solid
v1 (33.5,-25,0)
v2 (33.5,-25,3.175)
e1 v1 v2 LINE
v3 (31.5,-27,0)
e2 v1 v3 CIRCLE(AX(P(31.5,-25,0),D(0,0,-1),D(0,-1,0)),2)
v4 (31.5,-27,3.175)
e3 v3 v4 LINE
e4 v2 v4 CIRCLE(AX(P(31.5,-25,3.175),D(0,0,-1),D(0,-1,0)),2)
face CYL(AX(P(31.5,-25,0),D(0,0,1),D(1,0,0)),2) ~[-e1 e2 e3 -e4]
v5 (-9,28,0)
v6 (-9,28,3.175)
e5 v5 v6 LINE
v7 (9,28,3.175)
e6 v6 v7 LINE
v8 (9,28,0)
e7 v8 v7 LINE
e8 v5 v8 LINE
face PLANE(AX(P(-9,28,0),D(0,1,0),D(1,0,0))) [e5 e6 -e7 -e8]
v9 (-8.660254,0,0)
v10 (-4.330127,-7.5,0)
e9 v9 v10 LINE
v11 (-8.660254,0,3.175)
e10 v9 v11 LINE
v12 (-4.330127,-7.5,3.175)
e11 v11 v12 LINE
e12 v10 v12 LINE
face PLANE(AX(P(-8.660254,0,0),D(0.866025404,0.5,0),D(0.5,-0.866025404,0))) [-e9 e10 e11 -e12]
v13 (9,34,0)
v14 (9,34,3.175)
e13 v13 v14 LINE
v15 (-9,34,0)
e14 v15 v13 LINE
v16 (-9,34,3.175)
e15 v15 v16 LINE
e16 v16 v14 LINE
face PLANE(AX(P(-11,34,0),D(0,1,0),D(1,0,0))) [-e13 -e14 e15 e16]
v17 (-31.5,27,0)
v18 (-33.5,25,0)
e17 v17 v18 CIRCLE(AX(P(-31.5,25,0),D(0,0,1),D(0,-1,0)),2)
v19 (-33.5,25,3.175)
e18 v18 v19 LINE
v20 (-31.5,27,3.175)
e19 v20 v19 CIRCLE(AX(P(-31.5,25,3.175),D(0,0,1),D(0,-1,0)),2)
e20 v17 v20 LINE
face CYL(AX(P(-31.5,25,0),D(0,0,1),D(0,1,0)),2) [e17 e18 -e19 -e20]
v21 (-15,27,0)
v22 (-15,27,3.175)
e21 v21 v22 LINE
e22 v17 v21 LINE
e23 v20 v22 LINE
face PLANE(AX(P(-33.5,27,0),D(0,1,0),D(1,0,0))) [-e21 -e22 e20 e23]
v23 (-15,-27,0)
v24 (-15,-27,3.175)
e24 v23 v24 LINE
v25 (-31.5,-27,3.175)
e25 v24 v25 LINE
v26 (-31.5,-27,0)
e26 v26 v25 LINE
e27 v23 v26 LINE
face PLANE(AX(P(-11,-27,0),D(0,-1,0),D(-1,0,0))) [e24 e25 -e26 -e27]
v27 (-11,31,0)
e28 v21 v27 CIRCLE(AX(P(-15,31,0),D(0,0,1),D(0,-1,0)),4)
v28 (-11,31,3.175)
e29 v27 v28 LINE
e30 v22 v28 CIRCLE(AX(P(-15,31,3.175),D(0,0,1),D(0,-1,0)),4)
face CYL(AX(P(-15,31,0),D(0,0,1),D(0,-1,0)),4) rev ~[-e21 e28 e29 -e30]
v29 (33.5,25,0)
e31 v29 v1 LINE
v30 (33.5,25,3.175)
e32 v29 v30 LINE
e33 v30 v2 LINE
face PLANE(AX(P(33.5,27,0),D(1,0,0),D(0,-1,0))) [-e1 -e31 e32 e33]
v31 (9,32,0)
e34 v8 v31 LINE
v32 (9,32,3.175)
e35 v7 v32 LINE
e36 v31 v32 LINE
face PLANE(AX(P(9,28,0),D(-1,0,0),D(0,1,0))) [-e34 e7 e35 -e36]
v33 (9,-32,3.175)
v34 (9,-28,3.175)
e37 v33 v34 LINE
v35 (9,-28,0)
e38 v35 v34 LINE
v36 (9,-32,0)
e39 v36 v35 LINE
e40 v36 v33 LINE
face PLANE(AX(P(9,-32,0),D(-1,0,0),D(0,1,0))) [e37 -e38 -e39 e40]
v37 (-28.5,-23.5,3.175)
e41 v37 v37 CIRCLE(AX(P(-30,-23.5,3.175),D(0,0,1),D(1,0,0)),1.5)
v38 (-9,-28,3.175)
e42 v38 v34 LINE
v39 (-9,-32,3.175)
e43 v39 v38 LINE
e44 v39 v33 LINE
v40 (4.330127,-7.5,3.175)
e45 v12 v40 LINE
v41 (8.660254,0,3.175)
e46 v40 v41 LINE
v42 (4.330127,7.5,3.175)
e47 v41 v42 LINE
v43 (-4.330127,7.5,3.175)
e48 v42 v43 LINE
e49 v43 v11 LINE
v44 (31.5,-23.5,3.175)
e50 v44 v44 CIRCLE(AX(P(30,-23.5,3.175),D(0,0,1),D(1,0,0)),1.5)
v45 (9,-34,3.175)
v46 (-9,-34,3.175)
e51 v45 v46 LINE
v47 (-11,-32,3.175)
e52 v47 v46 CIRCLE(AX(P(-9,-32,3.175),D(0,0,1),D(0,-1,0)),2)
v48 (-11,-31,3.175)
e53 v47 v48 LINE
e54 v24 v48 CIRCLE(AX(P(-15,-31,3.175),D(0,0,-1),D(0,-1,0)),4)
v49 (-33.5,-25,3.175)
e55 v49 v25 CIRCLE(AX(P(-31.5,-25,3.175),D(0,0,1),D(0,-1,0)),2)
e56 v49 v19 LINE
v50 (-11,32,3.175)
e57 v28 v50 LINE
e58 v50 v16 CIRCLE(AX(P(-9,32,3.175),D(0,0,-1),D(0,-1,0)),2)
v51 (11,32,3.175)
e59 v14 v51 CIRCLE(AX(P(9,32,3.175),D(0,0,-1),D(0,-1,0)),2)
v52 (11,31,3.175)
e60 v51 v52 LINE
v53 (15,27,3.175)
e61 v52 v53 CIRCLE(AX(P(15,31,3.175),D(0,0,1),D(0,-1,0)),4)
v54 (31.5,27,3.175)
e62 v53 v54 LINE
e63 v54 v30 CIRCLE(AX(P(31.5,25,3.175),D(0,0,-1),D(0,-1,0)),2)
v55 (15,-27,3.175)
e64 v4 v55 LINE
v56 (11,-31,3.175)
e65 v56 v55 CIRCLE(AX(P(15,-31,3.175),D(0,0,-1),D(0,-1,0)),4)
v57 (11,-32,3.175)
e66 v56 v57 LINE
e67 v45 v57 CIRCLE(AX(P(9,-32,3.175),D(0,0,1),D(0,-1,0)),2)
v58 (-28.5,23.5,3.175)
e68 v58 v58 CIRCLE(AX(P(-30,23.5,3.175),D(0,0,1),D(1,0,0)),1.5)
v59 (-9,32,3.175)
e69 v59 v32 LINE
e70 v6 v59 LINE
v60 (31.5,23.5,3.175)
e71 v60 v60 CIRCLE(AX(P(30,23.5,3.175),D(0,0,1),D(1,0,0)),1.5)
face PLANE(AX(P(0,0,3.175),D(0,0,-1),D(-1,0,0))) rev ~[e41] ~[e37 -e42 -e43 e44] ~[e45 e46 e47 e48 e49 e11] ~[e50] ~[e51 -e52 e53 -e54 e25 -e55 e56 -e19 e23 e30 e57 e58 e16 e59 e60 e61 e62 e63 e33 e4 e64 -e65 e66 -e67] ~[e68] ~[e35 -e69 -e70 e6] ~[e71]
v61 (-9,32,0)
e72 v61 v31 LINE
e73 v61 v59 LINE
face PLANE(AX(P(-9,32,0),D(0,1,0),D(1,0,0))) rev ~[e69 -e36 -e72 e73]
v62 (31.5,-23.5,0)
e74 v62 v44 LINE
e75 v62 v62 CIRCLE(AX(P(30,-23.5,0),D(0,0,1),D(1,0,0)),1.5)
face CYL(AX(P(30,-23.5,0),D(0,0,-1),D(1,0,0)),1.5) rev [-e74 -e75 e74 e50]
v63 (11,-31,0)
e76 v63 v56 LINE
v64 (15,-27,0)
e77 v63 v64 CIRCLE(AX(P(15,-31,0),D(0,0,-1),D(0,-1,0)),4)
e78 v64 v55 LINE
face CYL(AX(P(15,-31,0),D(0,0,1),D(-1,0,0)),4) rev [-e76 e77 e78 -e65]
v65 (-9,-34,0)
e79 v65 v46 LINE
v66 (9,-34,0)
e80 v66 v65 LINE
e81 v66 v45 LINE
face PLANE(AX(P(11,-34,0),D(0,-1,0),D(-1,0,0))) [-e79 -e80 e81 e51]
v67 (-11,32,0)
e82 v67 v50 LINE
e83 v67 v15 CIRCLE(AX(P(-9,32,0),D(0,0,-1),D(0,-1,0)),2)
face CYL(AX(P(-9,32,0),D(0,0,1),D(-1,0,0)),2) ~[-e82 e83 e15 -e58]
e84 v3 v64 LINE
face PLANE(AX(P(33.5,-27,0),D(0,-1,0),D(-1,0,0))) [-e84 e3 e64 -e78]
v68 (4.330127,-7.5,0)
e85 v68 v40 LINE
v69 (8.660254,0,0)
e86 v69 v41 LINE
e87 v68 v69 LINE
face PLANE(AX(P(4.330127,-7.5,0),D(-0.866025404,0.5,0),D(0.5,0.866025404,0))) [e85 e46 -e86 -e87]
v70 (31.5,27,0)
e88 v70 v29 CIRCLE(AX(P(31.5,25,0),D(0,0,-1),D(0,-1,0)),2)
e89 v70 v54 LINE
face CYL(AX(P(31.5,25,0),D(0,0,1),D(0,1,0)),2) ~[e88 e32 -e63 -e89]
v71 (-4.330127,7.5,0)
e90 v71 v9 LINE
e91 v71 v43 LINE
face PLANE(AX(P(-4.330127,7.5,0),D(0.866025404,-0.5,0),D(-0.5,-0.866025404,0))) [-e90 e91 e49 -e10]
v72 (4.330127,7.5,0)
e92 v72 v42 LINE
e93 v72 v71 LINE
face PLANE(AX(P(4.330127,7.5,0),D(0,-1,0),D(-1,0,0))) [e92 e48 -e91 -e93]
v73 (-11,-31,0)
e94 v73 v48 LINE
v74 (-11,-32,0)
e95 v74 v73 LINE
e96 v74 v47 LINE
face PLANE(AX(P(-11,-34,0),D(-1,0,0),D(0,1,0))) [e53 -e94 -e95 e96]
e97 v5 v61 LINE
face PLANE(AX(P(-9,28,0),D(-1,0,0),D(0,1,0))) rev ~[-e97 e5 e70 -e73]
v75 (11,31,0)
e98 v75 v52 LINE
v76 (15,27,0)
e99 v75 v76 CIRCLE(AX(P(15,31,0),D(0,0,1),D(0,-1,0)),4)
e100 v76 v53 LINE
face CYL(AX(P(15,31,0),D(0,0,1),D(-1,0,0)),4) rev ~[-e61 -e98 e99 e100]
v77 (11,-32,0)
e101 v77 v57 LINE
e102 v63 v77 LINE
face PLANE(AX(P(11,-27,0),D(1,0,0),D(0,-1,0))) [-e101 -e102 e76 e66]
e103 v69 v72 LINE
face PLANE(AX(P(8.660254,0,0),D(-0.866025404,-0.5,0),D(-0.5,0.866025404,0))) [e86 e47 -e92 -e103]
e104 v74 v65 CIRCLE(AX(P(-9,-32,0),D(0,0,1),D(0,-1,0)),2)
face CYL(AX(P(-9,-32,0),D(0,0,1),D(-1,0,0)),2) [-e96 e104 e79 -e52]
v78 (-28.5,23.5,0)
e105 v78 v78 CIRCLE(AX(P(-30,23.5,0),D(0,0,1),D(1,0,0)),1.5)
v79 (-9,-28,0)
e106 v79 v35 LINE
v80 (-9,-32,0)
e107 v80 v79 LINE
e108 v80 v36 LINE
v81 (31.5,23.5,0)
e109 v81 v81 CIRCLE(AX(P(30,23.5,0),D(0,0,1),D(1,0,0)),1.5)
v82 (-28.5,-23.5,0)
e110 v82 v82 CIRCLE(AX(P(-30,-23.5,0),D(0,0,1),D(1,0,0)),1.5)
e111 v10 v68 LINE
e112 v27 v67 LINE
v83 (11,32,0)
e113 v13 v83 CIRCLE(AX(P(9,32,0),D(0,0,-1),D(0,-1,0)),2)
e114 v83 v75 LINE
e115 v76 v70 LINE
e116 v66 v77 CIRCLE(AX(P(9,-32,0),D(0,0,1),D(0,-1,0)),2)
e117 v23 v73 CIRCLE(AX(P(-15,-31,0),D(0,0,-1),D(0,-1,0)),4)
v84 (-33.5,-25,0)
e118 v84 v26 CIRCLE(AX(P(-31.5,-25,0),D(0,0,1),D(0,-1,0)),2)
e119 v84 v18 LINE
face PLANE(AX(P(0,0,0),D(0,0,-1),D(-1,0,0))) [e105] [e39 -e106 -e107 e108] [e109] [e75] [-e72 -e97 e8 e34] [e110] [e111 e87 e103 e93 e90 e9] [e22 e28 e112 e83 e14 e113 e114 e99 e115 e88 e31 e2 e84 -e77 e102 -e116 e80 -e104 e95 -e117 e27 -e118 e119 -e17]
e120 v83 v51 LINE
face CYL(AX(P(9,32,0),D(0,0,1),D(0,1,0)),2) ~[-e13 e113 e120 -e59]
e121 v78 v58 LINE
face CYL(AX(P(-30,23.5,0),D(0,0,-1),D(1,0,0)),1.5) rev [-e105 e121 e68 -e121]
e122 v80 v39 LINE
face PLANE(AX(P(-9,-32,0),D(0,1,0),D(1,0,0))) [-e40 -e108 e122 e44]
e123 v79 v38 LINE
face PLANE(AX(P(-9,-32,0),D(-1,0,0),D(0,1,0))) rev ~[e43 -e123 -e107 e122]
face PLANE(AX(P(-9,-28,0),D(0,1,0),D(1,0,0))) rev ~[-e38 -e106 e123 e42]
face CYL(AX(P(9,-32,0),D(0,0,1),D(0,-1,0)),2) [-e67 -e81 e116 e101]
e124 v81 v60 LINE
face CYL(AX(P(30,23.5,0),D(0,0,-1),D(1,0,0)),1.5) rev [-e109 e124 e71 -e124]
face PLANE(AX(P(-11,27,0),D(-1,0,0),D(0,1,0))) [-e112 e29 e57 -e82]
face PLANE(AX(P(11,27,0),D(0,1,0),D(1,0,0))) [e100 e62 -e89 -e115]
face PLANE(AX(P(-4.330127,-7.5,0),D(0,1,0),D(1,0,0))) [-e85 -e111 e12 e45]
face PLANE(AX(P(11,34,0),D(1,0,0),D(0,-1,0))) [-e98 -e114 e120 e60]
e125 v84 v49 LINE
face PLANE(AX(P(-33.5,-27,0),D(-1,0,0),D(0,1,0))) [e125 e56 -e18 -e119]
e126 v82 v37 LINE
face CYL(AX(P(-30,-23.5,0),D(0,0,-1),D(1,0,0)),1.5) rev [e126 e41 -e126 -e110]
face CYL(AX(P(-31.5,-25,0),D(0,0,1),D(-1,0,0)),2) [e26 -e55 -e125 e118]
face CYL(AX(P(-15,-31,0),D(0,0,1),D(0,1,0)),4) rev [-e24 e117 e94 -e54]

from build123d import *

# Parameters (mm, degrees)
SKETCH1_R           = 1.5
SKETCH1_W           = 18
SKETCH1_H           = 4
BOSS_EXTRUDE1_DEPTH = 3.175
FILLET1_R           = 4
FILLET2_R           = 2


with BuildPart() as part:
    # Sketch1 → Boss-Extrude1 (new body)
    with BuildSketch(Plane.XY):
        Polygon((-33.5, 27), (-11, 27), (-11, 34), (11, 34), (11, 27), (33.5, 27), (33.5, -27), (11, -27), (11, -34), (-11, -34), (-11, -27), (-33.5, -27), align=None)
        with Locations((-30, 23.5)):
            Circle(SKETCH1_R, mode=Mode.SUBTRACT)
        with Locations((30, 23.5)):
            Circle(SKETCH1_R, mode=Mode.SUBTRACT)
        with Locations((30, -23.5)):
            Circle(SKETCH1_R, mode=Mode.SUBTRACT)
        with Locations((-30, -23.5)):
            Circle(SKETCH1_R, mode=Mode.SUBTRACT)
        with Locations((0, -30)):
            Rectangle(SKETCH1_W, SKETCH1_H, mode=Mode.SUBTRACT)
        with Locations((0, 30)):
            Rectangle(SKETCH1_W, SKETCH1_H, mode=Mode.SUBTRACT)
        Polygon((8.660254038, 0), (4.330127019, 7.5), (-4.330127019, 7.5), (-8.660254038, 0), (-4.330127019, -7.5), (4.330127019, -7.5), align=None, mode=Mode.SUBTRACT)
    extrude(amount=BOSS_EXTRUDE1_DEPTH)

    # Fillet1
    fillet1_edges = [part.edges().sort_by_distance(p)[0] for p in [
        (-11, 27, 1.5875),
        (11, 27, 1.5875),
        (11, -27, 1.5875),
        (-11, -27, 1.5875),
    ]]
    fillet(fillet1_edges, radius=FILLET1_R)

    # Fillet2
    fillet2_edges = [part.edges().sort_by_distance(p)[0] for p in [
        (-33.5, 27, 1.5875),
        (-11, 34, 1.5875),
        (11, 34, 1.5875),
        (33.5, 27, 1.5875),
        (33.5, -27, 1.5875),
        (11, -34, 1.5875),
        (-11, -34, 1.5875),
        (-33.5, -27, 1.5875),
    ]]
    fillet(fillet2_edges, radius=FILLET2_R)


solid = part.part
